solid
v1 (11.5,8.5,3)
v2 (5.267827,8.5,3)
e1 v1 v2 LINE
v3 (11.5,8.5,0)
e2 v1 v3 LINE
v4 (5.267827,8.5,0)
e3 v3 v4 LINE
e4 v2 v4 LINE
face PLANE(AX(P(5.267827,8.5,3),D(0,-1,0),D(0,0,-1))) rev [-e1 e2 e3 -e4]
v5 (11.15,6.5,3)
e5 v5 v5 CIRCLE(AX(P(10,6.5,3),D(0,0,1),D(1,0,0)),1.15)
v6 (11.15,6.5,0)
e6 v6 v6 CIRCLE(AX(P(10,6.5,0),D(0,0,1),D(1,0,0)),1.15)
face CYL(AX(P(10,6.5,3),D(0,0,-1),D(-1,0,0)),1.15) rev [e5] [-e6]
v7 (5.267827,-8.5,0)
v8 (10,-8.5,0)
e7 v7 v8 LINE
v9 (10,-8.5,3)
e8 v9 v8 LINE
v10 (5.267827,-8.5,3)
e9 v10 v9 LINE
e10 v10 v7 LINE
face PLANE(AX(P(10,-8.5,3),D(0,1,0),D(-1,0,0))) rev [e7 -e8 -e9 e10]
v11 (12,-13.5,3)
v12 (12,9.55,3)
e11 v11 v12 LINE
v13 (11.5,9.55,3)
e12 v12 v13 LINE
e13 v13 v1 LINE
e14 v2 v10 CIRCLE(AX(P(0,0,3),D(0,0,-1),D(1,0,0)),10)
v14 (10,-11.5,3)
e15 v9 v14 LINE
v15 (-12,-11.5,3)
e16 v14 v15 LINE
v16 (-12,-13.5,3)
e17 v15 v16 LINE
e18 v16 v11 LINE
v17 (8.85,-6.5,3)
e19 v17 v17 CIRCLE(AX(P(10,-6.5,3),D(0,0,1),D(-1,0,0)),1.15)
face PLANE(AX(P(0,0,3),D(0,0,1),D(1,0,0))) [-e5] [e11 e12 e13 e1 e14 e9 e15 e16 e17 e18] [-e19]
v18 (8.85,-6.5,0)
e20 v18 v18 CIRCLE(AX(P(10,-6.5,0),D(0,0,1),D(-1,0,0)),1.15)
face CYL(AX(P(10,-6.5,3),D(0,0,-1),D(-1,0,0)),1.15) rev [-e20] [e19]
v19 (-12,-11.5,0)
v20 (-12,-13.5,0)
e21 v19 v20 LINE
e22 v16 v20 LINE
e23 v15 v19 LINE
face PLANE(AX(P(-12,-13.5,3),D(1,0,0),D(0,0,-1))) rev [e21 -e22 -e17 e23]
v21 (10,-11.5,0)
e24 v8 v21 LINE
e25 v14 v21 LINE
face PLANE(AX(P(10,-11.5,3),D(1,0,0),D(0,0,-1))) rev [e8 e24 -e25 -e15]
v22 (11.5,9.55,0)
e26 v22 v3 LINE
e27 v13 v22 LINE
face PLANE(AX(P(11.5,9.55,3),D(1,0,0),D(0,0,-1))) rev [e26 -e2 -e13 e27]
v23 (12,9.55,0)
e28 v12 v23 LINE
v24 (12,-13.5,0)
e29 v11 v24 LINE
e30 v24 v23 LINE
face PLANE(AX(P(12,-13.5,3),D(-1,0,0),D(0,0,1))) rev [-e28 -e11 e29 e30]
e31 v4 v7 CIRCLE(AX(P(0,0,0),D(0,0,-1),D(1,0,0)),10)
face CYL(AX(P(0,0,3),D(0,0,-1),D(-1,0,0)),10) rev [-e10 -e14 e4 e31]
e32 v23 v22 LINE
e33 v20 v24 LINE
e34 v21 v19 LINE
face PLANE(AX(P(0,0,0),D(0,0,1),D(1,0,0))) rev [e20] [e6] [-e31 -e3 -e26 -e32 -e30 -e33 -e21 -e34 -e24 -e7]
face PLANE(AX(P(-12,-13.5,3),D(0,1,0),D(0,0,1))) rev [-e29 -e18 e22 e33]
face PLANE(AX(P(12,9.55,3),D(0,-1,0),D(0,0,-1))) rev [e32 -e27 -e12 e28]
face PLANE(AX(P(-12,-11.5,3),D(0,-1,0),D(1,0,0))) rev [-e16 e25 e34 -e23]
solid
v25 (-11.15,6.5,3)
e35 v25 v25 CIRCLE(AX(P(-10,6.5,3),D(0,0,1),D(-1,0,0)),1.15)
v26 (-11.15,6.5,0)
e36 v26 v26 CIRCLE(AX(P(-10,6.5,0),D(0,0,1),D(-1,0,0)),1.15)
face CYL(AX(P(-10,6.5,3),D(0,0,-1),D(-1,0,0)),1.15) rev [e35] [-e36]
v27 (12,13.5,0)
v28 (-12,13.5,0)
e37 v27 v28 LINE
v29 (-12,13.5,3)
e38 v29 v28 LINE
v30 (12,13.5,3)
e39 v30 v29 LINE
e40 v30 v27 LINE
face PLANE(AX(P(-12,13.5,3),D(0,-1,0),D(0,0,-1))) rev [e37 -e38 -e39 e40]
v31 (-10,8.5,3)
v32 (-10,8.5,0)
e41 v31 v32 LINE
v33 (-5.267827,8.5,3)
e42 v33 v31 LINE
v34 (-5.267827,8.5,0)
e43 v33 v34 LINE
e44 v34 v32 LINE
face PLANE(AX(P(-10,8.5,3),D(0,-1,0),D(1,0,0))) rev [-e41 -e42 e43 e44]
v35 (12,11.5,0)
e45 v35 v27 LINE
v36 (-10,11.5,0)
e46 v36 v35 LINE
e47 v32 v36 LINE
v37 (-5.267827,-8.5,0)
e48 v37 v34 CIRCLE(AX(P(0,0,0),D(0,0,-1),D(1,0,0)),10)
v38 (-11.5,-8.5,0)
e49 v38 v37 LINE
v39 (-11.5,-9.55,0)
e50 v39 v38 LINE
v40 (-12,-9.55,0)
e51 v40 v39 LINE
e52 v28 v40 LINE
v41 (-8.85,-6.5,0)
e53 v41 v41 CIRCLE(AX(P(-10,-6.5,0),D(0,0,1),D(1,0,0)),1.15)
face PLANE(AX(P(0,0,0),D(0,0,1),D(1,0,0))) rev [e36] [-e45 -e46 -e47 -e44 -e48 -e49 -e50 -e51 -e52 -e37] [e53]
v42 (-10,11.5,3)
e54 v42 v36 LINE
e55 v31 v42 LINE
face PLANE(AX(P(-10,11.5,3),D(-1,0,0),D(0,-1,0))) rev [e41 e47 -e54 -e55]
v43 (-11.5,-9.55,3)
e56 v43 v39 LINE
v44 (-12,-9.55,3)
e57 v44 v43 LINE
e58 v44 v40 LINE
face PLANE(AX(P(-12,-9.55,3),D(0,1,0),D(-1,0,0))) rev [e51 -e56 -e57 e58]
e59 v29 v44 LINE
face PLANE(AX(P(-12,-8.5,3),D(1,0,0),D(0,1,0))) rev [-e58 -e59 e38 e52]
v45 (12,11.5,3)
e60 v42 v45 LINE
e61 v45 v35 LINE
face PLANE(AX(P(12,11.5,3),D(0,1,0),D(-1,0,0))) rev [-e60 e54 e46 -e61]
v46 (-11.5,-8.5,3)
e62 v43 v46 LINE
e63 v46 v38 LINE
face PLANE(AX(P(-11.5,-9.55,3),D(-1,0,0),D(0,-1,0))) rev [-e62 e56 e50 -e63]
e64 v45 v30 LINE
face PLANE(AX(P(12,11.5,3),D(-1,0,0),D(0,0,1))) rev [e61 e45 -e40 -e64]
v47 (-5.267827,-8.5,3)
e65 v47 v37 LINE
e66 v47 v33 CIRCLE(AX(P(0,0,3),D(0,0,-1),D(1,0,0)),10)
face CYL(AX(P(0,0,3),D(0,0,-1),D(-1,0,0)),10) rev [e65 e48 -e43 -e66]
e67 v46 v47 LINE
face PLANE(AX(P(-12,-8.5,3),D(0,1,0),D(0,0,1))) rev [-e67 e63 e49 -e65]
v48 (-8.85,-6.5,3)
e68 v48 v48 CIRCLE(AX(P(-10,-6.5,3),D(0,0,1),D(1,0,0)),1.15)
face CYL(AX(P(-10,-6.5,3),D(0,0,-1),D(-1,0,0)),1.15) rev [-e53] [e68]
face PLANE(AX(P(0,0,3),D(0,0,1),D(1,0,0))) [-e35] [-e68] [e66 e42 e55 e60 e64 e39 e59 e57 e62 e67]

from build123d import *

# Parameters (mm, degrees)
SKETCH2_R             = 1.15
BOSS_EXTRUDE1_DEPTH   = 3
BOSS_EXTRUDE1_2_DEPTH = 3
SKETCH3_W             = 0.5
SKETCH3_H             = 1.05
BOSS_EXTRUDE3_DEPTH   = 3


with BuildPart() as part:
    # Sketch2 → Boss-Extrude1 (new body)
    with BuildSketch(Plane.XY):
        with BuildLine():
            Line((-12, -8.5), (-5.267826876, -8.5))
            ThreePointArc((-5.267826876, -8.5), (-10, 0), (-5.267826876, 8.5))
            Line((-5.267826876, 8.5), (-10, 8.5))
            Line((-10, 8.5), (-10, 11.5))
            Line((-10, 11.5), (12, 11.5))
            Line((12, 11.5), (12, 13.5))
            Line((12, 13.5), (-12, 13.5))
            Line((-12, 13.5), (-12, -8.5))
        make_face()
        with Locations((-10, -6.5)):
            Circle(SKETCH2_R, mode=Mode.SUBTRACT)
        with Locations((-10, 6.5)):
            Circle(SKETCH2_R, mode=Mode.SUBTRACT)
    extrude(amount=BOSS_EXTRUDE1_DEPTH)



with BuildPart() as body_2:
    # Sketch2 → Boss-Extrude1 2 (new body)
    with BuildSketch(Plane.XY):
        with BuildLine():
            Line((-12, -13.5), (12, -13.5))
            Line((12, -13.5), (12, 8.5))
            Line((12, 8.5), (5.267826876, 8.5))
            ThreePointArc((5.267826876, 8.5), (10, 0), (5.267826876, -8.5))
            Line((5.267826876, -8.5), (10, -8.5))
            Line((10, -8.5), (10, -11.5))
            Line((10, -11.5), (-12, -11.5))
            Line((-12, -11.5), (-12, -13.5))
        make_face()
        with Locations((10, 6.5)):
            Circle(SKETCH2_R, mode=Mode.SUBTRACT)
        with Locations((10, -6.5)):
            Circle(SKETCH2_R, mode=Mode.SUBTRACT)
    extrude(amount=BOSS_EXTRUDE1_2_DEPTH)


with BuildPart() as part_1:
    add(part.part)

    add(body_2.part)  # Boss-Extrude3 merges body 2
    # Sketch3 → Boss-Extrude3 (add)
    with BuildSketch(Plane.XY):
        with Locations((11.75, 9.025)):
            Rectangle(SKETCH3_W, SKETCH3_H)
        with Locations((-11.75, -9.025)):
            Rectangle(SKETCH3_W, SKETCH3_H)
    extrude(amount=BOSS_EXTRUDE3_DEPTH)


solid = part_1.part
